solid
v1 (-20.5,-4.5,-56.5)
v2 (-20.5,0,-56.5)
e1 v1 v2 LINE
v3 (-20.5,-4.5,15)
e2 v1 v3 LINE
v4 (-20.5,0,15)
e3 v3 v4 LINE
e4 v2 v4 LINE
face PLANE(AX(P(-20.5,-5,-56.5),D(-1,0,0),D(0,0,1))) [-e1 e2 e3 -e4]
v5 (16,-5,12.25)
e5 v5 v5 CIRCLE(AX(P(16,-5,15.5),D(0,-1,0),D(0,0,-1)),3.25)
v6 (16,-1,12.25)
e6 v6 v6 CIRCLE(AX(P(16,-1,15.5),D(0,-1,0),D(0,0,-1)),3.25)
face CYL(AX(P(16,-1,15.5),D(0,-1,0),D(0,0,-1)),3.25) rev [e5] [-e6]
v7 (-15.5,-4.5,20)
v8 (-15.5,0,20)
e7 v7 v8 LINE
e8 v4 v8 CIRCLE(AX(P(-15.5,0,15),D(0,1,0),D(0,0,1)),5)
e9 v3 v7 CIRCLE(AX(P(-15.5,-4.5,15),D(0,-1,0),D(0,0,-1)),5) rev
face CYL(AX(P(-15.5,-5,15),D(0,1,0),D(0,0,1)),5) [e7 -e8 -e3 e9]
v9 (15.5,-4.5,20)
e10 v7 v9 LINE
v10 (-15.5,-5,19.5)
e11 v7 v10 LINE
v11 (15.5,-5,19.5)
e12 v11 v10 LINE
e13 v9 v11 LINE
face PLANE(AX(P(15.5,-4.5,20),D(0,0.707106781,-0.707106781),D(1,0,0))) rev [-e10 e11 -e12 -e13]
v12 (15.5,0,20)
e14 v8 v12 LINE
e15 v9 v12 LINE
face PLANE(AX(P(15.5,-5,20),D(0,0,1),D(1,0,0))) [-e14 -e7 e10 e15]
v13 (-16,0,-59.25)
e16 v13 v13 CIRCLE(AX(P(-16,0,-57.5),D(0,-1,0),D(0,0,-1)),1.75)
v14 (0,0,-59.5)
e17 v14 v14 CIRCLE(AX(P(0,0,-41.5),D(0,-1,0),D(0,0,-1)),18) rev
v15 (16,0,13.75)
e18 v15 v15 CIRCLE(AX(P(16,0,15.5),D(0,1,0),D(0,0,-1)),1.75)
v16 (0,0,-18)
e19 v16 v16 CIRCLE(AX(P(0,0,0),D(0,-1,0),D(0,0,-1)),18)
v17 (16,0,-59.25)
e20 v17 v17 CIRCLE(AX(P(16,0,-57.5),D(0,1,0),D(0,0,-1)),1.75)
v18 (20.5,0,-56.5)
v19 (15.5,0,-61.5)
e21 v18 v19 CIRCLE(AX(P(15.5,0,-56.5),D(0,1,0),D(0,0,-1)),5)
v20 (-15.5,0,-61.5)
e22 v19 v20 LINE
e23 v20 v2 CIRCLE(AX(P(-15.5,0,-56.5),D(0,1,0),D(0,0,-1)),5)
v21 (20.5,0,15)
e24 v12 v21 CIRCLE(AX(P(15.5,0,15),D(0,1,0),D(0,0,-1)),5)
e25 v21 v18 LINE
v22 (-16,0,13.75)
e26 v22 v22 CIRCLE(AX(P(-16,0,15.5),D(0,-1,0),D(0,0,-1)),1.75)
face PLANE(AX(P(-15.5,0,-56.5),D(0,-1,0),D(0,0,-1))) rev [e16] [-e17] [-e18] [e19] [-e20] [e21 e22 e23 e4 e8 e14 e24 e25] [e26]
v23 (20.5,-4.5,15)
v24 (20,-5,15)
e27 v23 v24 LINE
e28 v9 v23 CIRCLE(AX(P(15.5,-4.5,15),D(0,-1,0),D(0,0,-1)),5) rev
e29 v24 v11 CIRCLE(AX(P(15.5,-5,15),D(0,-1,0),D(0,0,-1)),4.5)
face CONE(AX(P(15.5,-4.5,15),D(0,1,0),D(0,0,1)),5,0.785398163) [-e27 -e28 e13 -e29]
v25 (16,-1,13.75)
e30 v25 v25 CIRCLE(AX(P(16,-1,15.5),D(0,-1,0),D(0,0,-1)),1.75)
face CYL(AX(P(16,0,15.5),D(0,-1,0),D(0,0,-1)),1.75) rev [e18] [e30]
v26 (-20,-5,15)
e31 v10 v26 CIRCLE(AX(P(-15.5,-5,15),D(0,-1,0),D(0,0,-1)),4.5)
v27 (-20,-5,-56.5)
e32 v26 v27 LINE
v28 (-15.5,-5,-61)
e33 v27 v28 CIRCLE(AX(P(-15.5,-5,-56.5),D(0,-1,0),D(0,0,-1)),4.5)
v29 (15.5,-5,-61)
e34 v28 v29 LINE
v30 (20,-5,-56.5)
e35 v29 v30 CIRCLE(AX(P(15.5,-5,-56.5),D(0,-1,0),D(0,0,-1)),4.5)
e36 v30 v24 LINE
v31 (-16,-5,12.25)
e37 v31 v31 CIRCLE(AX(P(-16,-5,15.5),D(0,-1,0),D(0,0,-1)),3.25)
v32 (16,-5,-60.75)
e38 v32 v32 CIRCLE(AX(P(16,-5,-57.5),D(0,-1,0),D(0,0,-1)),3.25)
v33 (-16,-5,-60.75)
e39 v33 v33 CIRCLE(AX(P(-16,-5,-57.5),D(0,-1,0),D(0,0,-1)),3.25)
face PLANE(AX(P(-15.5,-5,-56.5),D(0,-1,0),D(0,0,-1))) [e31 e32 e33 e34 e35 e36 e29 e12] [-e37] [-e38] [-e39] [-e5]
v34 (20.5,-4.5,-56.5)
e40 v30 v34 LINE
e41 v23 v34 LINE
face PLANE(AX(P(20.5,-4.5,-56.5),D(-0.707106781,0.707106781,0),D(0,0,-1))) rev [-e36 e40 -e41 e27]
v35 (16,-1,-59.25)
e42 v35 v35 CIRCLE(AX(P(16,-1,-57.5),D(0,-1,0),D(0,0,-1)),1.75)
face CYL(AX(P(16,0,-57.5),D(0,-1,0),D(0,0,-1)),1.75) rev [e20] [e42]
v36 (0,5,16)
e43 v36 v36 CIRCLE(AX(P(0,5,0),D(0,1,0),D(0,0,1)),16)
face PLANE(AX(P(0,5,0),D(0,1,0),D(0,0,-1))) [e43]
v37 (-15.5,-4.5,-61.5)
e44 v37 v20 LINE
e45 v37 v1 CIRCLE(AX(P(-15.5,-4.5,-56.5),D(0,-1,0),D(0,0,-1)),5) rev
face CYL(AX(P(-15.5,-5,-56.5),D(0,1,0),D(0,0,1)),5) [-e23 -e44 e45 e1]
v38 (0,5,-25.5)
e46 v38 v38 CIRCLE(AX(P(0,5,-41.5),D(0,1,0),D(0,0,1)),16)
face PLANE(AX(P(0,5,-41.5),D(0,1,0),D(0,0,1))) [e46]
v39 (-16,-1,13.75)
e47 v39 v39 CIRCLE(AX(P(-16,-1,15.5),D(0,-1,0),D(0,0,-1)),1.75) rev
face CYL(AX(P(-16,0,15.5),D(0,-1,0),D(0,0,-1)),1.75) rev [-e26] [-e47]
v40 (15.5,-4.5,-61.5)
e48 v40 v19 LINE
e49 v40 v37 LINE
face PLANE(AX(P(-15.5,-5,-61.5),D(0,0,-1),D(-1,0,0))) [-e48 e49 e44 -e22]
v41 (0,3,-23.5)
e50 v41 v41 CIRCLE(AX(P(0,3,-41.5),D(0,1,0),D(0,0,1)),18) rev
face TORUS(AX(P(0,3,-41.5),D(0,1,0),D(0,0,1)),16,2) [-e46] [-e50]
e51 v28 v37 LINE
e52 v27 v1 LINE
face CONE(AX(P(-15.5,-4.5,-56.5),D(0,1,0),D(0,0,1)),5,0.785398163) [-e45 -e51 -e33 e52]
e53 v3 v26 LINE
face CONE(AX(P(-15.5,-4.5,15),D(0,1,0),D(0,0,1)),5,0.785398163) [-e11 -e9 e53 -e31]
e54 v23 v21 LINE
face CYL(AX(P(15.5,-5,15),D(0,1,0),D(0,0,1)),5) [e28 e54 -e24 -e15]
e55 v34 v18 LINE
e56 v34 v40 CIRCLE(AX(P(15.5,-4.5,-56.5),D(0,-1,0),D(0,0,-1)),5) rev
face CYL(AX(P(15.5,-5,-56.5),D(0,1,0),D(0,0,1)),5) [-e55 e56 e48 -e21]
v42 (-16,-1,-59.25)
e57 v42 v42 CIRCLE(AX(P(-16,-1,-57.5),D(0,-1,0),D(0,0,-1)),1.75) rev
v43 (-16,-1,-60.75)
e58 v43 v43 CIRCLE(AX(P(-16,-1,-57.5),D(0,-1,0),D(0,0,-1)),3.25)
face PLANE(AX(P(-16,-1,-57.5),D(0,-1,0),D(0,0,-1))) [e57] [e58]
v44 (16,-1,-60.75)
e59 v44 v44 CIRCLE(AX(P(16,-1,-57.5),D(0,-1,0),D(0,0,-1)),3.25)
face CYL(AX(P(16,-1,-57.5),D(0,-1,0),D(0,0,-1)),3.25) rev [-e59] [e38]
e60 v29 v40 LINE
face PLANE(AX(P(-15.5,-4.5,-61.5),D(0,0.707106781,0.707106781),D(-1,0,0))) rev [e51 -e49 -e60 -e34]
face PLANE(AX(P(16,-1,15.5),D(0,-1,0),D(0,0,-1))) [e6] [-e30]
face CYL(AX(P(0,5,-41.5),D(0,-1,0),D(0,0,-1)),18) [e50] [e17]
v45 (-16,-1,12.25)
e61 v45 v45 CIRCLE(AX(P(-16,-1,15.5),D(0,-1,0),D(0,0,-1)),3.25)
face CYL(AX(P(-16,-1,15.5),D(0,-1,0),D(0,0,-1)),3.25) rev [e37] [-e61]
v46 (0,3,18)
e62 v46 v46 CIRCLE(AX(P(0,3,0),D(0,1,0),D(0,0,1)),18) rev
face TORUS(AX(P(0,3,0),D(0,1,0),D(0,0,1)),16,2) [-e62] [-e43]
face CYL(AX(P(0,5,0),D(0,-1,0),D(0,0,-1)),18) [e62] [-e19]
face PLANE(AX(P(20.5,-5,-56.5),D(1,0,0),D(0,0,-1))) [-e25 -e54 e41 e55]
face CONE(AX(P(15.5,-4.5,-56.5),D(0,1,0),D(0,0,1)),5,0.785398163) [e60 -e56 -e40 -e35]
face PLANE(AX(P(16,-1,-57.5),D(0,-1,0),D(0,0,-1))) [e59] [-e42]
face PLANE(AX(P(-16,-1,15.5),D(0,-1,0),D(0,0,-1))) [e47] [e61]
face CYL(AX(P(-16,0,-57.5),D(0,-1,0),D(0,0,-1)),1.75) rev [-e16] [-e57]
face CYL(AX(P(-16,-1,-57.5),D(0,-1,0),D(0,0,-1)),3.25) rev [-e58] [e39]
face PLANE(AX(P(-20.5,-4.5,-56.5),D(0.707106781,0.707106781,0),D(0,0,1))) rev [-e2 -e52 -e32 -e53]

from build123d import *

# Parameters (mm, degrees)
BOSS_EXTRUDE1_DEPTH  = 5
SKETCH2_R            = 1.75
CUT_EXTRUDE1_DEPTH   = 66.019227925
SKETCH5_R            = 18
BOSS_EXTRUDE2_DEPTH  = 5
FILLET1_R            = 2
FILLET1_OF_MIRROR3_R = 2
SKETCH6_R            = 3.25
CUT_EXTRUDE3_DEPTH   = 4
CHAMFER1_SIZE        = 0.5


with BuildPart() as part:
    # Sketch1 → Boss-Extrude1 (new body)
    with BuildSketch(Plane(origin=(0, 0, 0), x_dir=(1, 0, 0), z_dir=(0, 1, 0))):
        with BuildLine():
            Line((-20.5, 56.5), (-20.5, -15))
            ThreePointArc((-20.5, -15), (-19.035533906, -18.535533906), (-15.5, -20))
            Line((-15.5, -20), (15.5, -20))
            ThreePointArc((15.5, -20), (19.035533906, -18.535533906), (20.5, -15))
            Line((20.5, -15), (20.5, 56.5))
            ThreePointArc((20.5, 56.5), (19.035533906, 60.035533906), (15.5, 61.5))
            Line((15.5, 61.5), (-15.5, 61.5))
            ThreePointArc((-15.5, 61.5), (-19.035533906, 60.035533906), (-20.5, 56.5))
        make_face()
    extrude(amount=-BOSS_EXTRUDE1_DEPTH)

    # Sketch2 → Cut-Extrude1 (cut, symmetric)
    with BuildSketch(Plane.XZ.offset(5)):
        with Locations(Location((-16, -57.5, 0), (0, 0, 270))):
            Circle(SKETCH2_R)
        with Locations(Location((-16, 15.5, 0), (0, 0, 270))):
            Circle(SKETCH2_R)
    cut_extrude1 = extrude(amount=CUT_EXTRUDE1_DEPTH, both=True, mode=Mode.SUBTRACT)

    # Mirror1: Cut-Extrude1 across plane
    add(cut_extrude1.mirror(Plane(origin=(0, 0, 0), x_dir=(0, 0, 1), z_dir=(1, 0, 0))), mode=Mode.SUBTRACT)

    # Sketch5 → Boss-Extrude2 (add)
    with BuildSketch(Plane(origin=(0, 0, 0), x_dir=(1, 0, 0), z_dir=(0, 1, 0))):
        with Locations(Location((0, 41.5, 0), (0, 0, 90))):
            Circle(SKETCH5_R)
    boss_extrude2 = extrude(amount=BOSS_EXTRUDE2_DEPTH)

    # Fillet1
    fillet1_edges = [part.edges().sort_by_distance(p)[0] for p in [
        (0, 5, -23.5),
    ]]
    fillet(fillet1_edges, radius=FILLET1_R)

    # Mirror3: Boss-Extrude2 across plane
    add(boss_extrude2.mirror(Plane(origin=(0, 0, -20.75), x_dir=(1, 0, 0), z_dir=(0, 0, -1))))

    # Fillet1 of Mirror3
    fillet1_of_mirror3_edges = [part.edges().sort_by_distance(p)[0] for p in [
        (0, 5, -18),
    ]]
    fillet(fillet1_of_mirror3_edges, radius=FILLET1_OF_MIRROR3_R)

    # Sketch6 → Cut-Extrude3 (cut)
    with BuildSketch(Plane.XZ.offset(5)):
        with Locations(Location((-16, -57.5, 0), (0, 0, 270))):
            Circle(SKETCH6_R)
        with Locations(Location((16, 15.5, 0), (0, 0, 270))):
            Circle(SKETCH6_R)
        with Locations(Location((-16, 15.5, 0), (0, 0, 270))):
            Circle(SKETCH6_R)
        with Locations(Location((16, -57.5, 0), (0, 0, 270))):
            Circle(SKETCH6_R)
    extrude(amount=-CUT_EXTRUDE3_DEPTH, mode=Mode.SUBTRACT)

    # Chamfer1
    chamfer1_edges = [part.edges().sort_by_distance(p)[0] for p in [
        (-19.035533906, -5, 18.535533906),
        (0, -5, 20),
        (19.035533906, -5, 18.535533906),
        (20.5, -5, -20.75),
        (19.035533906, -5, -60.035533906),
        (0, -5, -61.5),
        (-19.035533906, -5, -60.035533906),
        (-20.5, -5, -20.75),
    ]]
    chamfer(chamfer1_edges, length=CHAMFER1_SIZE)


solid = part.part
